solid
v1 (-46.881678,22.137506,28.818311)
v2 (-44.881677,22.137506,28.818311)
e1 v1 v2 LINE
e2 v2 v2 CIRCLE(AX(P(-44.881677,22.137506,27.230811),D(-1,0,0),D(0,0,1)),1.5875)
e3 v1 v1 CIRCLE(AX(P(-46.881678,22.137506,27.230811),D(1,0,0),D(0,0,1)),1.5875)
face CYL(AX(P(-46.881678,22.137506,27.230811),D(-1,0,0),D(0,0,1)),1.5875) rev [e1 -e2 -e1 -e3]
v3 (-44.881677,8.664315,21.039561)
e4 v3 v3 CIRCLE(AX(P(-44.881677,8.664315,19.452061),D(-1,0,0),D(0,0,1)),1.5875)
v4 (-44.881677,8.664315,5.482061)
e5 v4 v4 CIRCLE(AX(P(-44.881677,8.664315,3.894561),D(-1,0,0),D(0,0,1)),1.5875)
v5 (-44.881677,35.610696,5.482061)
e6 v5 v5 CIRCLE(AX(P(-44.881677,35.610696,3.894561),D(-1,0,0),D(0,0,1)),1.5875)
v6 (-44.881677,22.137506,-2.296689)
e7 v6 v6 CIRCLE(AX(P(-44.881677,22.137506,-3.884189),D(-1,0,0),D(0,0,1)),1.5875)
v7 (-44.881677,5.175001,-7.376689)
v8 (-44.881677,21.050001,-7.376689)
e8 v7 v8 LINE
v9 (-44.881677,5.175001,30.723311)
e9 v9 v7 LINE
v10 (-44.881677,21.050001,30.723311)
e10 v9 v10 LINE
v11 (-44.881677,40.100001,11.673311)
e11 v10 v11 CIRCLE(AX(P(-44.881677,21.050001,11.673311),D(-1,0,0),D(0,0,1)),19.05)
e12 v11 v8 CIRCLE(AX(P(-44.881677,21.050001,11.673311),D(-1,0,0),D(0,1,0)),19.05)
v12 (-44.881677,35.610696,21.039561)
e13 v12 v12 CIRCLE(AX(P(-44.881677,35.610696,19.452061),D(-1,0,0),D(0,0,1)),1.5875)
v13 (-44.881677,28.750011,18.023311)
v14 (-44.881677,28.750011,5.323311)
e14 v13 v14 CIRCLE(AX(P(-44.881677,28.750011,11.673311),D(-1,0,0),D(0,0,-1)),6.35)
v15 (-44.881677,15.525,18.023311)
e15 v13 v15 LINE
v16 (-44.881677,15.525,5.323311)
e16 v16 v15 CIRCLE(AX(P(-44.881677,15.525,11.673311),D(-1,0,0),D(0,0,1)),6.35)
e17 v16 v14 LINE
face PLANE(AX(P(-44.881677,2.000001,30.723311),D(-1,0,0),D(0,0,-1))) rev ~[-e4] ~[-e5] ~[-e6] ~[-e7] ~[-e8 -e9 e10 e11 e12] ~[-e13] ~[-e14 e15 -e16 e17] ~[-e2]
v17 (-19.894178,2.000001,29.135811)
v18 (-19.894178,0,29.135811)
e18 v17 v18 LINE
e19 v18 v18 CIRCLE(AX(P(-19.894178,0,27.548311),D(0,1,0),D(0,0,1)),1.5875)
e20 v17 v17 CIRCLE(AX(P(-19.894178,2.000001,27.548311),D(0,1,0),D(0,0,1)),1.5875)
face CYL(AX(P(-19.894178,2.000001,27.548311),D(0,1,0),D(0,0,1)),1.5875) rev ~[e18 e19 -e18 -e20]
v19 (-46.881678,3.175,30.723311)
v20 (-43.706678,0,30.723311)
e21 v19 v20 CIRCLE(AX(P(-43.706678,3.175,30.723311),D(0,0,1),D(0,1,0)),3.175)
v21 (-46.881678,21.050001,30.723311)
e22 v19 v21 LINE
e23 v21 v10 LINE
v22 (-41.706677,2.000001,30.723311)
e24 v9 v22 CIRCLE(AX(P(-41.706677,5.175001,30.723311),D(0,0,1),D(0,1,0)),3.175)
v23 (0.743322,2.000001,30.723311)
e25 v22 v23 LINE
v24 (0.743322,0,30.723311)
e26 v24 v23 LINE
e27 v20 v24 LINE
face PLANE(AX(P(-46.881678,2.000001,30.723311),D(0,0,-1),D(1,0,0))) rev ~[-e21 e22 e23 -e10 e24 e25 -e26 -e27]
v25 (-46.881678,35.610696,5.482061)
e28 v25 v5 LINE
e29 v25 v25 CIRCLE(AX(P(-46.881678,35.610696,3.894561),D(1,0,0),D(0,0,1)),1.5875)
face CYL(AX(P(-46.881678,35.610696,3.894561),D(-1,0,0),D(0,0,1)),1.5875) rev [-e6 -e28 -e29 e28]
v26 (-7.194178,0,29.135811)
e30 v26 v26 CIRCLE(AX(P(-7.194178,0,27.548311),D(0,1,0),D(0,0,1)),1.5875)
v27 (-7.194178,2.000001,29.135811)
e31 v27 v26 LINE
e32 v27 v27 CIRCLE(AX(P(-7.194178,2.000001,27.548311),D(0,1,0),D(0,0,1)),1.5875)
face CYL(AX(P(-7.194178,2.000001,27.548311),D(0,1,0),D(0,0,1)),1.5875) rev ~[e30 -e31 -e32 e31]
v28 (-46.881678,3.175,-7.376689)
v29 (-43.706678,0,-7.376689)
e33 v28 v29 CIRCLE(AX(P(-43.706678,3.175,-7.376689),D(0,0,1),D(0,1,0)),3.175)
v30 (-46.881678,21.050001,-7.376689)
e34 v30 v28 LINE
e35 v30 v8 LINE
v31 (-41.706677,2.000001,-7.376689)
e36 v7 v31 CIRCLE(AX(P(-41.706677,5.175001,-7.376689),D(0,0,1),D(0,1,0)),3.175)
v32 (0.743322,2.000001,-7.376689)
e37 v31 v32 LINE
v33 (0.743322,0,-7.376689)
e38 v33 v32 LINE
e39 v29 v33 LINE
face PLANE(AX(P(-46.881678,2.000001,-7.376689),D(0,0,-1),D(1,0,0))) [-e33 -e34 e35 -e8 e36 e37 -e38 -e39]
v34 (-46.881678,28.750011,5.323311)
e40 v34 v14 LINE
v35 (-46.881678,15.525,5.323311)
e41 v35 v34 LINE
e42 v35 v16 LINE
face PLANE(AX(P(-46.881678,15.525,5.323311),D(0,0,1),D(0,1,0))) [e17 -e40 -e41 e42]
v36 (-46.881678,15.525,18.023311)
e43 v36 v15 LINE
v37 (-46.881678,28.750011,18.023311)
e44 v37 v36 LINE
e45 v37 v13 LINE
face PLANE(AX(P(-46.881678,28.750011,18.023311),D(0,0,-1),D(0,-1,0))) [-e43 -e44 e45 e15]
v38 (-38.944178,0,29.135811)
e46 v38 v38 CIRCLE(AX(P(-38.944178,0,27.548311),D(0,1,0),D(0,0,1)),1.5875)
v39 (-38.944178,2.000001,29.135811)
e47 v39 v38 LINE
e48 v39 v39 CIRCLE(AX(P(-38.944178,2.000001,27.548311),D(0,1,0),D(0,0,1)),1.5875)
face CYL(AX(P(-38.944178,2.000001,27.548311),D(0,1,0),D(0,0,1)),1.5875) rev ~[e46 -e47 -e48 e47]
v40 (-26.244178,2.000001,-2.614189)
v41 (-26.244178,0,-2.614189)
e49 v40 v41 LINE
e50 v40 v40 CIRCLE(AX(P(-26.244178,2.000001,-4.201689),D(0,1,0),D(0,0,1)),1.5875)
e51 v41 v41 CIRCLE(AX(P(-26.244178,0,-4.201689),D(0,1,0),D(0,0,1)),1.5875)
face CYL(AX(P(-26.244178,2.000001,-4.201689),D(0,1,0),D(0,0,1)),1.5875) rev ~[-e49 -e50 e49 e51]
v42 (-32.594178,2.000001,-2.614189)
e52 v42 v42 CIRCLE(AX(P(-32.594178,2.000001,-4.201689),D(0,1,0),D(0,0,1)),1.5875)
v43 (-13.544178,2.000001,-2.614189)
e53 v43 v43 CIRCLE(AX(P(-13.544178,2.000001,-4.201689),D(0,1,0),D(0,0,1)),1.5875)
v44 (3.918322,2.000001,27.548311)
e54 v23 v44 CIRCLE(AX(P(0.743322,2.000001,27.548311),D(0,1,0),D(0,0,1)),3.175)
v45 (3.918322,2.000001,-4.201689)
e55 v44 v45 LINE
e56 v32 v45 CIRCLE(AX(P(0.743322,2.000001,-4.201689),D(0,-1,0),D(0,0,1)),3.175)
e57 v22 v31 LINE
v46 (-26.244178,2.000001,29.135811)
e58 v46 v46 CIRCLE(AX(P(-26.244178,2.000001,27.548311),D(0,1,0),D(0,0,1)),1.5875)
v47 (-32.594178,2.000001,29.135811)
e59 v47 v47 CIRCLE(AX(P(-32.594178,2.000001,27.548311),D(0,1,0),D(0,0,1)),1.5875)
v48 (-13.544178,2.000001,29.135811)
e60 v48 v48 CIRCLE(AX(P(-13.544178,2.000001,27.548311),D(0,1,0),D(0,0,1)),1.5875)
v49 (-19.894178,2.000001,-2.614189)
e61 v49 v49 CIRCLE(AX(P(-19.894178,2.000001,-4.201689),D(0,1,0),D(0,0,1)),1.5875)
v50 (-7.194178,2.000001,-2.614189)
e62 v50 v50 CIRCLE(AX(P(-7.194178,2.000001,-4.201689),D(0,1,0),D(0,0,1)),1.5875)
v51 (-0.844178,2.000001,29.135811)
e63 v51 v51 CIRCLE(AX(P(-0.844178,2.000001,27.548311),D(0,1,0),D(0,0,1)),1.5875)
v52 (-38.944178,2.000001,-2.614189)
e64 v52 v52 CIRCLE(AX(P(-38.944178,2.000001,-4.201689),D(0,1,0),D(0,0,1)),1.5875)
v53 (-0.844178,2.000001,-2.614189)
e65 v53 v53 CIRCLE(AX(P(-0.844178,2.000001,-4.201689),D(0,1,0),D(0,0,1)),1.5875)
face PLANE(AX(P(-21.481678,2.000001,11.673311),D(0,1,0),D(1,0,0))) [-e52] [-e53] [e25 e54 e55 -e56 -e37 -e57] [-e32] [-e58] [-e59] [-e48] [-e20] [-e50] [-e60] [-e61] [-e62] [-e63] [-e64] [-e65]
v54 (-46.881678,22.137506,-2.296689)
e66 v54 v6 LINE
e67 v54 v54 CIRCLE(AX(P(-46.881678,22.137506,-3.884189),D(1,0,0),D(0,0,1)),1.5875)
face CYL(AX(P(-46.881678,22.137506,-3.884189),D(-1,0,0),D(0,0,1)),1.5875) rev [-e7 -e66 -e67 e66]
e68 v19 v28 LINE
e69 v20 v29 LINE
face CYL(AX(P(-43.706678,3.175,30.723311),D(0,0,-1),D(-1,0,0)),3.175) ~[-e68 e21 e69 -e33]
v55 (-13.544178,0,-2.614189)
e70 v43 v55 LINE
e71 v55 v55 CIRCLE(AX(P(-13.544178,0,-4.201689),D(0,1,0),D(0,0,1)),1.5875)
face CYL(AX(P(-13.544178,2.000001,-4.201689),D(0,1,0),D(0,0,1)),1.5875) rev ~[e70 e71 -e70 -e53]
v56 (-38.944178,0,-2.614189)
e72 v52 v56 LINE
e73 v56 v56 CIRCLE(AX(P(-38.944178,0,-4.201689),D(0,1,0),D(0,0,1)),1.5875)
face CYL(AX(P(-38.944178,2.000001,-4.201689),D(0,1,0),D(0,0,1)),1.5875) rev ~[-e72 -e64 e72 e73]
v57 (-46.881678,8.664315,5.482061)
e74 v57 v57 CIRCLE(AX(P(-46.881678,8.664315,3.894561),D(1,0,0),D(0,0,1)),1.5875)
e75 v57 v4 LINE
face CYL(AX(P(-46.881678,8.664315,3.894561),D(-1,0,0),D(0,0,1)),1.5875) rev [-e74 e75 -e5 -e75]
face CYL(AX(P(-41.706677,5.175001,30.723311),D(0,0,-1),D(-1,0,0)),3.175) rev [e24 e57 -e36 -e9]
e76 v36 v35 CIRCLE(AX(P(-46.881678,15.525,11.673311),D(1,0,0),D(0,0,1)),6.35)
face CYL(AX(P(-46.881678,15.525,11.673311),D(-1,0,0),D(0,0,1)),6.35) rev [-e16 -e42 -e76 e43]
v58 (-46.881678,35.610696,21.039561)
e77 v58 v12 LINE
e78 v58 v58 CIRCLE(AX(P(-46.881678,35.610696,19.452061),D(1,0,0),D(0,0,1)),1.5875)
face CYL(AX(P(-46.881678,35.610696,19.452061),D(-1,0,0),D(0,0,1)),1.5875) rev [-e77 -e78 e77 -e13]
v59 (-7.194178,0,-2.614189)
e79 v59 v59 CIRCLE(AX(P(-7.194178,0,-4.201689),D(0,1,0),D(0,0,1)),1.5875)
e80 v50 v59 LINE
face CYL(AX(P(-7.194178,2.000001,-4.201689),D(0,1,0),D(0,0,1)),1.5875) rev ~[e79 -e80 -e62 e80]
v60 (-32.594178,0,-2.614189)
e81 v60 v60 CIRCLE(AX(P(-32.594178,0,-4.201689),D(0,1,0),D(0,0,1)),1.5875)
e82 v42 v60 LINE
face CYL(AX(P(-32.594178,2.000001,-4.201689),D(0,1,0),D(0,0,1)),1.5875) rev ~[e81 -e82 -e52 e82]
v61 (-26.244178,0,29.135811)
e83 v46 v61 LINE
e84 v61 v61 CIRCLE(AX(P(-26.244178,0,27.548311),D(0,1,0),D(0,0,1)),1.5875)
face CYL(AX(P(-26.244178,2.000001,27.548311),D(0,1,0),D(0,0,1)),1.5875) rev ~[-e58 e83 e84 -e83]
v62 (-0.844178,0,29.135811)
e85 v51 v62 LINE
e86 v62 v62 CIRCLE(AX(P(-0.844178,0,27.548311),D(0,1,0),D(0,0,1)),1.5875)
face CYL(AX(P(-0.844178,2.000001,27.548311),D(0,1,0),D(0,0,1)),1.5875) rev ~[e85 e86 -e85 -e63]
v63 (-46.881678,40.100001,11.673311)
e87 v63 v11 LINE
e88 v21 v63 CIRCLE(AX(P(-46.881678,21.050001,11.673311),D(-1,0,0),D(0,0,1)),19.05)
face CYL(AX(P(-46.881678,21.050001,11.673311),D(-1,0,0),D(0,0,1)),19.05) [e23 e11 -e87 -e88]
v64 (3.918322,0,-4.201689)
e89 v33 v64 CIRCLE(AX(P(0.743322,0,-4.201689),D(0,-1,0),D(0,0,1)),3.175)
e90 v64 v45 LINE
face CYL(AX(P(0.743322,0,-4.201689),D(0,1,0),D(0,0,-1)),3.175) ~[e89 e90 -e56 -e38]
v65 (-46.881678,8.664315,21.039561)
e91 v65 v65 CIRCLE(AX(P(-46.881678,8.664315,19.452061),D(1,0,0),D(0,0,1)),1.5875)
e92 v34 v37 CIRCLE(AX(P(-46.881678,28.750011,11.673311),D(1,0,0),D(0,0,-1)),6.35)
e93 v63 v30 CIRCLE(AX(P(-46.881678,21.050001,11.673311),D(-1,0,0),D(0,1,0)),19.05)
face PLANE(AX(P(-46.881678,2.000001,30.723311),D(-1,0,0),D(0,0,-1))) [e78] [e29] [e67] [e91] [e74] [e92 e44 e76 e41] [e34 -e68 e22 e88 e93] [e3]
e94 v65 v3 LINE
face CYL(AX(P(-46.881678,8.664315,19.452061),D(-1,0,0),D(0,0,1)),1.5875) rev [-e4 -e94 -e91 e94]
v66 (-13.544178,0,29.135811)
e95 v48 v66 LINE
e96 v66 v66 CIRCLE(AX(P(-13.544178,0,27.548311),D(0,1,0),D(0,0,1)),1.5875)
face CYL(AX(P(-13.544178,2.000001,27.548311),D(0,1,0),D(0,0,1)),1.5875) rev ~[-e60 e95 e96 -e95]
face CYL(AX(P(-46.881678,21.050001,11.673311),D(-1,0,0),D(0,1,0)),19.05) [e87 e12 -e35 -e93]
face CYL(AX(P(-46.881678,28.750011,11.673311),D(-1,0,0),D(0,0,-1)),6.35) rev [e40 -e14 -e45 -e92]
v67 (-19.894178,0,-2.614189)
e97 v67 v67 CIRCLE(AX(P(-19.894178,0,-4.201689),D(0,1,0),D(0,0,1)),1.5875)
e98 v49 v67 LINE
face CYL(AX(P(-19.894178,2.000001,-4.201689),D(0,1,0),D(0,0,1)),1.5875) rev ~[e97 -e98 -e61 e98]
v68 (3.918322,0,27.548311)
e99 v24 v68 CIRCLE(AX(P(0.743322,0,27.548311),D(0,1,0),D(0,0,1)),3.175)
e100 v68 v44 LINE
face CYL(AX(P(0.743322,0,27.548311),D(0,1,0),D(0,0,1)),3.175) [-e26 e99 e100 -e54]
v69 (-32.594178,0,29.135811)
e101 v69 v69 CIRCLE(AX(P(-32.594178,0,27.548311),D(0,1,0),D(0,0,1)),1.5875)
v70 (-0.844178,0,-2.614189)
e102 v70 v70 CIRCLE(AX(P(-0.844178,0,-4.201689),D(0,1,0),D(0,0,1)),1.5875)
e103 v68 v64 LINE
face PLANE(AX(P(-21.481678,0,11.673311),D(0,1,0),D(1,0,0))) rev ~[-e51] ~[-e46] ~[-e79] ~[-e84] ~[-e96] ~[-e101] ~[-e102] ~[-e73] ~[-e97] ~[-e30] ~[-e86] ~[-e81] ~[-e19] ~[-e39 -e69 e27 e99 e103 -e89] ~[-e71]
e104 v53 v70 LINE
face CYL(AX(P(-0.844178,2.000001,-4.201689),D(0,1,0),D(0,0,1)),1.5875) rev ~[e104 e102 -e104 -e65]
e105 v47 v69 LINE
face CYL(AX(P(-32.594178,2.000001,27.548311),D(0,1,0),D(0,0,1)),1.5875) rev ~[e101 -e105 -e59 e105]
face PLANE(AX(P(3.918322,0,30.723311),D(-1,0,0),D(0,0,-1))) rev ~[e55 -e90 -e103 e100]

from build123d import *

# Parameters (mm, degrees)
SKETCH1_W           = 50.8
SKETCH1_H           = 38.1
BOSS_EXTRUDE1_DEPTH = 2.00000108
SKETCH2_W           = 2.00000108
SKETCH2_H           = 38.1
BOSS_EXTRUDE2_DEPTH = 38.1
SKETCH4_R           = 1.5875
CUT_EXTRUDE1_DEPTH  = 5.08
CUT_EXTRUDE3_DEPTH  = 2.54
FILLET1_R           = 3.175
SKETCH6_R           = 1.5875
CUT_EXTRUDE4_DEPTH  = 2.54


with BuildPart() as part:
    # Sketch1 → Boss-Extrude1 (new body)
    with BuildSketch(Plane(origin=(0, 0, 0), x_dir=(1, 0, 0), z_dir=(0, 1, 0))):
        with Locations((-21.481677668, -11.673311185)):
            Rectangle(SKETCH1_W, SKETCH1_H)
    extrude(amount=BOSS_EXTRUDE1_DEPTH)

    # Sketch2 → Boss-Extrude2 (add)
    with BuildSketch(Plane(origin=(0, 2.00000108, 0), x_dir=(1, 0, 0), z_dir=(0, 1, 0))):
        with Locations((-45.881677128, -11.673311185)):
            Rectangle(SKETCH2_W, SKETCH2_H)
    extrude(amount=BOSS_EXTRUDE2_DEPTH)

    # Sketch4 → Cut-Extrude1 (cut)
    with BuildSketch(Plane(origin=(0, 2.00000108, 0), x_dir=(1, 0, 0), z_dir=(0, 1, 0))):
        with Locations(Location((-0.844177668, -27.548311185, 0), (0, 0, 270))):
            Circle(SKETCH4_R)
        with Locations(Location((-7.194177668, -27.548311185, 0), (0, 0, 270))):
            Circle(SKETCH4_R)
        with Locations(Location((-13.544177668, -27.548311185, 0), (0, 0, 270))):
            Circle(SKETCH4_R)
        with Locations(Location((-19.894177668, -27.548311185, 0), (0, 0, 270))):
            Circle(SKETCH4_R)
        with Locations(Location((-26.244177668, -27.548311185, 0), (0, 0, 270))):
            Circle(SKETCH4_R)
        with Locations(Location((-32.594177668, -27.548311185, 0), (0, 0, 270))):
            Circle(SKETCH4_R)
        with Locations(Location((-38.944177668, -27.548311185, 0), (0, 0, 270))):
            Circle(SKETCH4_R)
        with Locations(Location((-0.844177668, 4.201688815, 0), (0, 0, 270))):
            Circle(SKETCH4_R)
        with Locations(Location((-7.194177668, 4.201688815, 0), (0, 0, 270))):
            Circle(SKETCH4_R)
        with Locations(Location((-13.544177668, 4.201688815, 0), (0, 0, 270))):
            Circle(SKETCH4_R)
        with Locations(Location((-19.894177668, 4.201688815, 0), (0, 0, 270))):
            Circle(SKETCH4_R)
        with Locations(Location((-26.244177668, 4.201688815, 0), (0, 0, 270))):
            Circle(SKETCH4_R)
        with Locations(Location((-32.594177668, 4.201688815, 0), (0, 0, 270))):
            Circle(SKETCH4_R)
        with Locations(Location((-38.944177668, 4.201688815, 0), (0, 0, 270))):
            Circle(SKETCH4_R)
    extrude(amount=-CUT_EXTRUDE1_DEPTH, mode=Mode.SUBTRACT)

    # Sketch5 → Cut-Extrude3 (cut)
    with BuildSketch(Plane(origin=(-46.881677668, 0, 30.723311185), x_dir=(0, 0, -1), z_dir=(1, 0, 0))):
        with BuildLine():
            ThreePointArc((19.05, 40.10000108), (32.520384182, 34.520385262), (38.1, 21.05000108))
            Line((38.1, 21.05000108), (38.1, 40.10000108))
            Line((38.1, 40.10000108), (19.05, 40.10000108))
        make_face()
        with BuildLine():
            Line((0, 40.10000108), (0, 21.05000108))
            ThreePointArc((0, 21.05000108), (5.579615818, 34.520385262), (19.05, 40.10000108))
            Line((19.05, 40.10000108), (0, 40.10000108))
        make_face()
    extrude(amount=CUT_EXTRUDE3_DEPTH, mode=Mode.SUBTRACT)

    # Fillet1
    fillet1_edges = [part.edges().sort_by_distance(p)[0] for p in [
        (-46.881677668, 0, 11.673311185),
        (-44.881676588, 2.00000108, 11.673311185),
        (3.918322332, 1.00000054, -7.376688815),
        (3.918322332, 1.00000054, 30.723311185),
    ]]
    fillet(fillet1_edges, radius=FILLET1_R)

    # Sketch6 → Cut-Extrude4 (cut)
    with BuildSketch(Plane(origin=(-46.881677668, 0, 30.723311185), x_dir=(0, 0, -1), z_dir=(1, 0, 0))):
        with Locations(Location((26.82875, 35.610695759, 0), (0, 0, 180))):
            Circle(SKETCH6_R)
        with Locations(Location((11.27125, 35.610695759, 0), (0, 0, 180))):
            Circle(SKETCH6_R)
        with Locations(Location((3.4925, 22.13750554, 0), (0, 0, 180))):
            Circle(SKETCH6_R)
        with BuildLine():
            Line((12.7, 21.05000108), (12.7, 15.525))
            ThreePointArc((12.7, 15.525), (19.05, 9.175), (25.4, 15.525))
            Line((25.4, 15.525), (25.4, 21.05000108))
            Line((25.4, 21.05000108), (25.4, 28.75001108))
            ThreePointArc((25.4, 28.75001108), (19.05, 35.10001108), (12.7, 28.75001108))
            Line((12.7, 28.75001108), (12.7, 21.05000108))
        make_face()
        with Locations(Location((34.6075, 22.13750554, 0), (0, 0, 180))):
            Circle(SKETCH6_R)
        with Locations(Location((26.82875, 8.664315321, 0), (0, 0, 180))):
            Circle(SKETCH6_R)
        with Locations(Location((11.27125, 8.664315321, 0), (0, 0, 180))):
            Circle(SKETCH6_R)
    extrude(amount=CUT_EXTRUDE4_DEPTH, mode=Mode.SUBTRACT)


solid = part.part
